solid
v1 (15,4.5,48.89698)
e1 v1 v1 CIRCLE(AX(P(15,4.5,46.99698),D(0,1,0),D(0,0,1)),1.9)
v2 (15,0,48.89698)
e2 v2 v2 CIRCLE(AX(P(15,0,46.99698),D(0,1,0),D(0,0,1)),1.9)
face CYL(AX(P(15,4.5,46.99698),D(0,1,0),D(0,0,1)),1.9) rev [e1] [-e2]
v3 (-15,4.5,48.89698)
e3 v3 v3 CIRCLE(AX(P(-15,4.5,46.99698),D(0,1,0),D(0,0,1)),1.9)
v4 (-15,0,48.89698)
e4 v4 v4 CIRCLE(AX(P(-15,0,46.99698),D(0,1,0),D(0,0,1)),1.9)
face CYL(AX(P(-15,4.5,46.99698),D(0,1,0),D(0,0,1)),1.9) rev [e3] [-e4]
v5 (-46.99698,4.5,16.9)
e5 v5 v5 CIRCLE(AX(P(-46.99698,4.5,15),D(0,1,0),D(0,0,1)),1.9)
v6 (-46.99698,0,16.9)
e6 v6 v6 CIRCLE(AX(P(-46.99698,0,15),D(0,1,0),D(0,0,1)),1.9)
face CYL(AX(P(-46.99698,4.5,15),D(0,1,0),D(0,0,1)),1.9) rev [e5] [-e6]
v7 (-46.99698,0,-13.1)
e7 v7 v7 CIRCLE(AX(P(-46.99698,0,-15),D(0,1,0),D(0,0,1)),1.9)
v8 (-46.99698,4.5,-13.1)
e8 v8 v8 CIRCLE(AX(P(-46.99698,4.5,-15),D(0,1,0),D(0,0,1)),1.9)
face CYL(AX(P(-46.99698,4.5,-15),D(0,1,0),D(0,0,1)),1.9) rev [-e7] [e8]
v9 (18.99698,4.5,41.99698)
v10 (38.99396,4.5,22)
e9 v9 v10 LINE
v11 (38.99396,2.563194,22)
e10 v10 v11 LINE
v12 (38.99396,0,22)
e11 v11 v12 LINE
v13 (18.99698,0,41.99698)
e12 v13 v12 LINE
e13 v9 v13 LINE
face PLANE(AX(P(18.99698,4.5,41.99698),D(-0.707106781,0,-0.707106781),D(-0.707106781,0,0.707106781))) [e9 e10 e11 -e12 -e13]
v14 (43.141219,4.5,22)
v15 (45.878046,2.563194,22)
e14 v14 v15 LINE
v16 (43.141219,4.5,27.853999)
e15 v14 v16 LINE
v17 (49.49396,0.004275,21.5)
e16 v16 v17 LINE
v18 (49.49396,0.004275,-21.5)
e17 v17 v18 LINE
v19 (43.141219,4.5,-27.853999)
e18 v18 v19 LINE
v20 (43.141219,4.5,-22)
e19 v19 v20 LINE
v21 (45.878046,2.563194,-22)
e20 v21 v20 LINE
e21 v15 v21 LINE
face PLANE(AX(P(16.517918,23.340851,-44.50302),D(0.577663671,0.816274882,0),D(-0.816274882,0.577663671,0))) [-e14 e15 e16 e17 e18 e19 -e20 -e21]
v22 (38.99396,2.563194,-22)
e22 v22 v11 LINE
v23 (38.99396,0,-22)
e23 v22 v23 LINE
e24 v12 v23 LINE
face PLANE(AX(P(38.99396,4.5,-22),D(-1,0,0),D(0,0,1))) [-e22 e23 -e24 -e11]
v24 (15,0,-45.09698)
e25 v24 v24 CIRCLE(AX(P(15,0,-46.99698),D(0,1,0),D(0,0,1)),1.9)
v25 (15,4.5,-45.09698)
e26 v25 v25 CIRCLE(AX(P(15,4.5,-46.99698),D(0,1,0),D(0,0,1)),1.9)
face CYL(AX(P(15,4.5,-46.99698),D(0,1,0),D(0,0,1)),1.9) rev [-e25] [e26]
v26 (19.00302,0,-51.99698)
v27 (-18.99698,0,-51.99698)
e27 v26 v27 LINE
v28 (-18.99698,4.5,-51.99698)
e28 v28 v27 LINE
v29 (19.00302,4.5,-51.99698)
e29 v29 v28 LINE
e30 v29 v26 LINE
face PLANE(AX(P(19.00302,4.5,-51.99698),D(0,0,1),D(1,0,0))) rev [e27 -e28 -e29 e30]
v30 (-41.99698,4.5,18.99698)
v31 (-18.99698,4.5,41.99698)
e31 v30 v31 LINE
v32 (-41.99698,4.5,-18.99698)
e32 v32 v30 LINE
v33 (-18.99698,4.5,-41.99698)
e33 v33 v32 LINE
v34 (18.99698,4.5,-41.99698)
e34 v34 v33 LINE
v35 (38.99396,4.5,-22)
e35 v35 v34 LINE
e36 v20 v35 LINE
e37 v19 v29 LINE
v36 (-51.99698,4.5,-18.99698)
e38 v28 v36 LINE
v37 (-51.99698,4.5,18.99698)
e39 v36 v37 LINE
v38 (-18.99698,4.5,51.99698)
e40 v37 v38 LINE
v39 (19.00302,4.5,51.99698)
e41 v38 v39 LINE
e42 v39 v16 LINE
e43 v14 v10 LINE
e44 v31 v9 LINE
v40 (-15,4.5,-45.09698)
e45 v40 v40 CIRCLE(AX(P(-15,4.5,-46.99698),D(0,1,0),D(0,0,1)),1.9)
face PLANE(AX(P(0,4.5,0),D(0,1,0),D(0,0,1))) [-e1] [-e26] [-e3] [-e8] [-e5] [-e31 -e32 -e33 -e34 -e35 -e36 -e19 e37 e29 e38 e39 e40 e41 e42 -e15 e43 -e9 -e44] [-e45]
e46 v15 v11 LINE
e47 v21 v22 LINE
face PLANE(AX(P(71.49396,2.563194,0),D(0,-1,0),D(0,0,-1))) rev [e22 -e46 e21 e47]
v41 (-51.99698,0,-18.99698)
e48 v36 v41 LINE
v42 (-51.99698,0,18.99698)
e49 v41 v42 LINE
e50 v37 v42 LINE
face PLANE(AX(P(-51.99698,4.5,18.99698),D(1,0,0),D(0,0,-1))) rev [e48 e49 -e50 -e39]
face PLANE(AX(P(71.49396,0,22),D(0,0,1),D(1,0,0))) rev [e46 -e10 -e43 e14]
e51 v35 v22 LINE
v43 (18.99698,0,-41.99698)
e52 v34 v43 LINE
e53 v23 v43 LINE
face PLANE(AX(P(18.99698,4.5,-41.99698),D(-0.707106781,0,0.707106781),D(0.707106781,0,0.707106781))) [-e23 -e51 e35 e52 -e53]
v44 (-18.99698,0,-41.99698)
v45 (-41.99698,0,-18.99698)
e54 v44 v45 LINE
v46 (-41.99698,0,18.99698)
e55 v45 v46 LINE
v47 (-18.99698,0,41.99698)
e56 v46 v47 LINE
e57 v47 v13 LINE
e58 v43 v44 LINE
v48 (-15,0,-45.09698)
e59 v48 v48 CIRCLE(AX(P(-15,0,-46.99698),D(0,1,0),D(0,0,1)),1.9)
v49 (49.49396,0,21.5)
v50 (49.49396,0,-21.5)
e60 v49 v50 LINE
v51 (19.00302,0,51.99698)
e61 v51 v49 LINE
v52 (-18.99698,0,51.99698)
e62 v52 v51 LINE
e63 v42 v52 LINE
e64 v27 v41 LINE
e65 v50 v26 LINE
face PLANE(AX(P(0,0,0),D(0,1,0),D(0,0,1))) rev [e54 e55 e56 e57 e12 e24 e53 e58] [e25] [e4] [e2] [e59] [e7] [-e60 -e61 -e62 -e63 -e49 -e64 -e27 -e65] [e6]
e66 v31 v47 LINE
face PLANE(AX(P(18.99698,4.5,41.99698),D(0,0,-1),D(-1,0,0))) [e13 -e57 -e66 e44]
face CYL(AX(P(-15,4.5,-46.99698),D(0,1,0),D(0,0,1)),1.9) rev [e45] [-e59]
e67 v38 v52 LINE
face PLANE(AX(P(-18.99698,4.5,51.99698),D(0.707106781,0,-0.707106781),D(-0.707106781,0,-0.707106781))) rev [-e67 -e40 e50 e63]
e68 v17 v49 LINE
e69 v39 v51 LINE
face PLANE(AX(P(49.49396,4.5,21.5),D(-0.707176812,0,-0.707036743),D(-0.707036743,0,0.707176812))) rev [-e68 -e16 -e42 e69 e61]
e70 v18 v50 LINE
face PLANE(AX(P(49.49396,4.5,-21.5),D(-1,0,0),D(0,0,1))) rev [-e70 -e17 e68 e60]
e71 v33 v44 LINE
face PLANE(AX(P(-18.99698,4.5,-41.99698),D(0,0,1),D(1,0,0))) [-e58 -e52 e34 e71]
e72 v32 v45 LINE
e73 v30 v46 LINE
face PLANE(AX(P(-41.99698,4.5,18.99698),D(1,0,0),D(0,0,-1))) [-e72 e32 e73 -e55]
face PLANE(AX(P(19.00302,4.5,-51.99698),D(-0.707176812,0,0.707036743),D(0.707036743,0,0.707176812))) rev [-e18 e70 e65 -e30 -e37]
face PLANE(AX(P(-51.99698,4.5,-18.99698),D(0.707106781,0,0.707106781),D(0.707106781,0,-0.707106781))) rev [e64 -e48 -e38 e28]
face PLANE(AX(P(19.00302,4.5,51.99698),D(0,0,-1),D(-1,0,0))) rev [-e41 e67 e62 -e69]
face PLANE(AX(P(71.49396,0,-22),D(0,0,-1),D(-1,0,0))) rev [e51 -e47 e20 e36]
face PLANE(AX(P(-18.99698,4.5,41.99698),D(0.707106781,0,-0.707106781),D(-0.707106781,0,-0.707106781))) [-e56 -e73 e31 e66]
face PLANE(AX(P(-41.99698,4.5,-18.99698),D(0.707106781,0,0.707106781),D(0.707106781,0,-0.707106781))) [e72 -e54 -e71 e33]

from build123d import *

# Parameters (mm, degrees)
BOSS_EXTRUDE3_DEPTH             = 4.5
CUT_EXTRUDE4_DEPTH              = 96.5
CUT_EXTRUDE5_DEPTH              = 32.5
F_4_0MM_PRESS_DOWEL_HOLE3_D     = 3.8
F_4_0MM_PRESS_DOWEL_HOLE3_DEPTH = 57
F_4_0MM_PRESS_DOWEL_HOLE3_TIP   = 4.587005769


with BuildPart() as part:
    # Sketch9 → Boss-Extrude3 (new body)
    with BuildSketch(Plane(origin=(0, 0, 0), x_dir=(1, 0, 0), z_dir=(0, 1, 0))):
        Polygon((19.003020228, -51.996979772), (-18.996979772, -51.996979772), (-51.996979772, -18.996979772), (-51.996979772, 18.996979772), (-18.996979772, 51.996979772), (19.003020228, 51.996979772), (49.493959544, 21.5), (49.493959544, -21.5), align=None)
        Polygon((-41.996979772, -18.996979772), (-41.996979772, 18.996979772), (-18.996979772, 41.996979772), (18.996979772, 41.996979772), (38.993959544, 22), (38.993959544, -22), (18.996979772, -41.996979772), (-18.996979772, -41.996979772), align=None, mode=Mode.SUBTRACT)
    extrude(amount=BOSS_EXTRUDE3_DEPTH)

    # Sketch13 → Cut-Extrude4 (cut)
    with BuildSketch(Plane.XY.offset(51.996979772)):
        Polygon((64.276727826, 15.051195438), (49.5, 0), (43.14121867, 4.5), (43.14121867, 18.660375199), align=None)
    extrude(amount=-CUT_EXTRUDE4_DEPTH, mode=Mode.SUBTRACT)

    # Sketch14 → Cut-Extrude5 (cut)
    with BuildSketch(Plane.ZY.offset(-38.993959544)):
        Polygon((-22, 4.5), (-22, 2.563194296), (22, 2.563194296), (22, 4.5), (18.996979772, 4.5), (-18.996979772, 4.5), align=None)
    extrude(amount=-CUT_EXTRUDE5_DEPTH, mode=Mode.SUBTRACT)

    # Ø4.0mm Press Dowel Hole3
    with Locations(Plane(origin=(0, 4.5, 0), x_dir=(1, 0, 0), z_dir=(0, 1, 0))):
        with Locations((-46.996979772, -15), (-15, 46.996979772), (-46.996979772, 15), (15, 46.996979772), (15, -46.996979772), (-15, -46.996979772)):
            Hole(F_4_0MM_PRESS_DOWEL_HOLE3_D / 2, depth=F_4_0MM_PRESS_DOWEL_HOLE3_DEPTH)
            with Locations((0, 0, -(F_4_0MM_PRESS_DOWEL_HOLE3_DEPTH + F_4_0MM_PRESS_DOWEL_HOLE3_TIP / 2))):  # 45° drill point
                Cone(0, F_4_0MM_PRESS_DOWEL_HOLE3_D / 2, F_4_0MM_PRESS_DOWEL_HOLE3_TIP, mode=Mode.SUBTRACT)


solid = part.part
